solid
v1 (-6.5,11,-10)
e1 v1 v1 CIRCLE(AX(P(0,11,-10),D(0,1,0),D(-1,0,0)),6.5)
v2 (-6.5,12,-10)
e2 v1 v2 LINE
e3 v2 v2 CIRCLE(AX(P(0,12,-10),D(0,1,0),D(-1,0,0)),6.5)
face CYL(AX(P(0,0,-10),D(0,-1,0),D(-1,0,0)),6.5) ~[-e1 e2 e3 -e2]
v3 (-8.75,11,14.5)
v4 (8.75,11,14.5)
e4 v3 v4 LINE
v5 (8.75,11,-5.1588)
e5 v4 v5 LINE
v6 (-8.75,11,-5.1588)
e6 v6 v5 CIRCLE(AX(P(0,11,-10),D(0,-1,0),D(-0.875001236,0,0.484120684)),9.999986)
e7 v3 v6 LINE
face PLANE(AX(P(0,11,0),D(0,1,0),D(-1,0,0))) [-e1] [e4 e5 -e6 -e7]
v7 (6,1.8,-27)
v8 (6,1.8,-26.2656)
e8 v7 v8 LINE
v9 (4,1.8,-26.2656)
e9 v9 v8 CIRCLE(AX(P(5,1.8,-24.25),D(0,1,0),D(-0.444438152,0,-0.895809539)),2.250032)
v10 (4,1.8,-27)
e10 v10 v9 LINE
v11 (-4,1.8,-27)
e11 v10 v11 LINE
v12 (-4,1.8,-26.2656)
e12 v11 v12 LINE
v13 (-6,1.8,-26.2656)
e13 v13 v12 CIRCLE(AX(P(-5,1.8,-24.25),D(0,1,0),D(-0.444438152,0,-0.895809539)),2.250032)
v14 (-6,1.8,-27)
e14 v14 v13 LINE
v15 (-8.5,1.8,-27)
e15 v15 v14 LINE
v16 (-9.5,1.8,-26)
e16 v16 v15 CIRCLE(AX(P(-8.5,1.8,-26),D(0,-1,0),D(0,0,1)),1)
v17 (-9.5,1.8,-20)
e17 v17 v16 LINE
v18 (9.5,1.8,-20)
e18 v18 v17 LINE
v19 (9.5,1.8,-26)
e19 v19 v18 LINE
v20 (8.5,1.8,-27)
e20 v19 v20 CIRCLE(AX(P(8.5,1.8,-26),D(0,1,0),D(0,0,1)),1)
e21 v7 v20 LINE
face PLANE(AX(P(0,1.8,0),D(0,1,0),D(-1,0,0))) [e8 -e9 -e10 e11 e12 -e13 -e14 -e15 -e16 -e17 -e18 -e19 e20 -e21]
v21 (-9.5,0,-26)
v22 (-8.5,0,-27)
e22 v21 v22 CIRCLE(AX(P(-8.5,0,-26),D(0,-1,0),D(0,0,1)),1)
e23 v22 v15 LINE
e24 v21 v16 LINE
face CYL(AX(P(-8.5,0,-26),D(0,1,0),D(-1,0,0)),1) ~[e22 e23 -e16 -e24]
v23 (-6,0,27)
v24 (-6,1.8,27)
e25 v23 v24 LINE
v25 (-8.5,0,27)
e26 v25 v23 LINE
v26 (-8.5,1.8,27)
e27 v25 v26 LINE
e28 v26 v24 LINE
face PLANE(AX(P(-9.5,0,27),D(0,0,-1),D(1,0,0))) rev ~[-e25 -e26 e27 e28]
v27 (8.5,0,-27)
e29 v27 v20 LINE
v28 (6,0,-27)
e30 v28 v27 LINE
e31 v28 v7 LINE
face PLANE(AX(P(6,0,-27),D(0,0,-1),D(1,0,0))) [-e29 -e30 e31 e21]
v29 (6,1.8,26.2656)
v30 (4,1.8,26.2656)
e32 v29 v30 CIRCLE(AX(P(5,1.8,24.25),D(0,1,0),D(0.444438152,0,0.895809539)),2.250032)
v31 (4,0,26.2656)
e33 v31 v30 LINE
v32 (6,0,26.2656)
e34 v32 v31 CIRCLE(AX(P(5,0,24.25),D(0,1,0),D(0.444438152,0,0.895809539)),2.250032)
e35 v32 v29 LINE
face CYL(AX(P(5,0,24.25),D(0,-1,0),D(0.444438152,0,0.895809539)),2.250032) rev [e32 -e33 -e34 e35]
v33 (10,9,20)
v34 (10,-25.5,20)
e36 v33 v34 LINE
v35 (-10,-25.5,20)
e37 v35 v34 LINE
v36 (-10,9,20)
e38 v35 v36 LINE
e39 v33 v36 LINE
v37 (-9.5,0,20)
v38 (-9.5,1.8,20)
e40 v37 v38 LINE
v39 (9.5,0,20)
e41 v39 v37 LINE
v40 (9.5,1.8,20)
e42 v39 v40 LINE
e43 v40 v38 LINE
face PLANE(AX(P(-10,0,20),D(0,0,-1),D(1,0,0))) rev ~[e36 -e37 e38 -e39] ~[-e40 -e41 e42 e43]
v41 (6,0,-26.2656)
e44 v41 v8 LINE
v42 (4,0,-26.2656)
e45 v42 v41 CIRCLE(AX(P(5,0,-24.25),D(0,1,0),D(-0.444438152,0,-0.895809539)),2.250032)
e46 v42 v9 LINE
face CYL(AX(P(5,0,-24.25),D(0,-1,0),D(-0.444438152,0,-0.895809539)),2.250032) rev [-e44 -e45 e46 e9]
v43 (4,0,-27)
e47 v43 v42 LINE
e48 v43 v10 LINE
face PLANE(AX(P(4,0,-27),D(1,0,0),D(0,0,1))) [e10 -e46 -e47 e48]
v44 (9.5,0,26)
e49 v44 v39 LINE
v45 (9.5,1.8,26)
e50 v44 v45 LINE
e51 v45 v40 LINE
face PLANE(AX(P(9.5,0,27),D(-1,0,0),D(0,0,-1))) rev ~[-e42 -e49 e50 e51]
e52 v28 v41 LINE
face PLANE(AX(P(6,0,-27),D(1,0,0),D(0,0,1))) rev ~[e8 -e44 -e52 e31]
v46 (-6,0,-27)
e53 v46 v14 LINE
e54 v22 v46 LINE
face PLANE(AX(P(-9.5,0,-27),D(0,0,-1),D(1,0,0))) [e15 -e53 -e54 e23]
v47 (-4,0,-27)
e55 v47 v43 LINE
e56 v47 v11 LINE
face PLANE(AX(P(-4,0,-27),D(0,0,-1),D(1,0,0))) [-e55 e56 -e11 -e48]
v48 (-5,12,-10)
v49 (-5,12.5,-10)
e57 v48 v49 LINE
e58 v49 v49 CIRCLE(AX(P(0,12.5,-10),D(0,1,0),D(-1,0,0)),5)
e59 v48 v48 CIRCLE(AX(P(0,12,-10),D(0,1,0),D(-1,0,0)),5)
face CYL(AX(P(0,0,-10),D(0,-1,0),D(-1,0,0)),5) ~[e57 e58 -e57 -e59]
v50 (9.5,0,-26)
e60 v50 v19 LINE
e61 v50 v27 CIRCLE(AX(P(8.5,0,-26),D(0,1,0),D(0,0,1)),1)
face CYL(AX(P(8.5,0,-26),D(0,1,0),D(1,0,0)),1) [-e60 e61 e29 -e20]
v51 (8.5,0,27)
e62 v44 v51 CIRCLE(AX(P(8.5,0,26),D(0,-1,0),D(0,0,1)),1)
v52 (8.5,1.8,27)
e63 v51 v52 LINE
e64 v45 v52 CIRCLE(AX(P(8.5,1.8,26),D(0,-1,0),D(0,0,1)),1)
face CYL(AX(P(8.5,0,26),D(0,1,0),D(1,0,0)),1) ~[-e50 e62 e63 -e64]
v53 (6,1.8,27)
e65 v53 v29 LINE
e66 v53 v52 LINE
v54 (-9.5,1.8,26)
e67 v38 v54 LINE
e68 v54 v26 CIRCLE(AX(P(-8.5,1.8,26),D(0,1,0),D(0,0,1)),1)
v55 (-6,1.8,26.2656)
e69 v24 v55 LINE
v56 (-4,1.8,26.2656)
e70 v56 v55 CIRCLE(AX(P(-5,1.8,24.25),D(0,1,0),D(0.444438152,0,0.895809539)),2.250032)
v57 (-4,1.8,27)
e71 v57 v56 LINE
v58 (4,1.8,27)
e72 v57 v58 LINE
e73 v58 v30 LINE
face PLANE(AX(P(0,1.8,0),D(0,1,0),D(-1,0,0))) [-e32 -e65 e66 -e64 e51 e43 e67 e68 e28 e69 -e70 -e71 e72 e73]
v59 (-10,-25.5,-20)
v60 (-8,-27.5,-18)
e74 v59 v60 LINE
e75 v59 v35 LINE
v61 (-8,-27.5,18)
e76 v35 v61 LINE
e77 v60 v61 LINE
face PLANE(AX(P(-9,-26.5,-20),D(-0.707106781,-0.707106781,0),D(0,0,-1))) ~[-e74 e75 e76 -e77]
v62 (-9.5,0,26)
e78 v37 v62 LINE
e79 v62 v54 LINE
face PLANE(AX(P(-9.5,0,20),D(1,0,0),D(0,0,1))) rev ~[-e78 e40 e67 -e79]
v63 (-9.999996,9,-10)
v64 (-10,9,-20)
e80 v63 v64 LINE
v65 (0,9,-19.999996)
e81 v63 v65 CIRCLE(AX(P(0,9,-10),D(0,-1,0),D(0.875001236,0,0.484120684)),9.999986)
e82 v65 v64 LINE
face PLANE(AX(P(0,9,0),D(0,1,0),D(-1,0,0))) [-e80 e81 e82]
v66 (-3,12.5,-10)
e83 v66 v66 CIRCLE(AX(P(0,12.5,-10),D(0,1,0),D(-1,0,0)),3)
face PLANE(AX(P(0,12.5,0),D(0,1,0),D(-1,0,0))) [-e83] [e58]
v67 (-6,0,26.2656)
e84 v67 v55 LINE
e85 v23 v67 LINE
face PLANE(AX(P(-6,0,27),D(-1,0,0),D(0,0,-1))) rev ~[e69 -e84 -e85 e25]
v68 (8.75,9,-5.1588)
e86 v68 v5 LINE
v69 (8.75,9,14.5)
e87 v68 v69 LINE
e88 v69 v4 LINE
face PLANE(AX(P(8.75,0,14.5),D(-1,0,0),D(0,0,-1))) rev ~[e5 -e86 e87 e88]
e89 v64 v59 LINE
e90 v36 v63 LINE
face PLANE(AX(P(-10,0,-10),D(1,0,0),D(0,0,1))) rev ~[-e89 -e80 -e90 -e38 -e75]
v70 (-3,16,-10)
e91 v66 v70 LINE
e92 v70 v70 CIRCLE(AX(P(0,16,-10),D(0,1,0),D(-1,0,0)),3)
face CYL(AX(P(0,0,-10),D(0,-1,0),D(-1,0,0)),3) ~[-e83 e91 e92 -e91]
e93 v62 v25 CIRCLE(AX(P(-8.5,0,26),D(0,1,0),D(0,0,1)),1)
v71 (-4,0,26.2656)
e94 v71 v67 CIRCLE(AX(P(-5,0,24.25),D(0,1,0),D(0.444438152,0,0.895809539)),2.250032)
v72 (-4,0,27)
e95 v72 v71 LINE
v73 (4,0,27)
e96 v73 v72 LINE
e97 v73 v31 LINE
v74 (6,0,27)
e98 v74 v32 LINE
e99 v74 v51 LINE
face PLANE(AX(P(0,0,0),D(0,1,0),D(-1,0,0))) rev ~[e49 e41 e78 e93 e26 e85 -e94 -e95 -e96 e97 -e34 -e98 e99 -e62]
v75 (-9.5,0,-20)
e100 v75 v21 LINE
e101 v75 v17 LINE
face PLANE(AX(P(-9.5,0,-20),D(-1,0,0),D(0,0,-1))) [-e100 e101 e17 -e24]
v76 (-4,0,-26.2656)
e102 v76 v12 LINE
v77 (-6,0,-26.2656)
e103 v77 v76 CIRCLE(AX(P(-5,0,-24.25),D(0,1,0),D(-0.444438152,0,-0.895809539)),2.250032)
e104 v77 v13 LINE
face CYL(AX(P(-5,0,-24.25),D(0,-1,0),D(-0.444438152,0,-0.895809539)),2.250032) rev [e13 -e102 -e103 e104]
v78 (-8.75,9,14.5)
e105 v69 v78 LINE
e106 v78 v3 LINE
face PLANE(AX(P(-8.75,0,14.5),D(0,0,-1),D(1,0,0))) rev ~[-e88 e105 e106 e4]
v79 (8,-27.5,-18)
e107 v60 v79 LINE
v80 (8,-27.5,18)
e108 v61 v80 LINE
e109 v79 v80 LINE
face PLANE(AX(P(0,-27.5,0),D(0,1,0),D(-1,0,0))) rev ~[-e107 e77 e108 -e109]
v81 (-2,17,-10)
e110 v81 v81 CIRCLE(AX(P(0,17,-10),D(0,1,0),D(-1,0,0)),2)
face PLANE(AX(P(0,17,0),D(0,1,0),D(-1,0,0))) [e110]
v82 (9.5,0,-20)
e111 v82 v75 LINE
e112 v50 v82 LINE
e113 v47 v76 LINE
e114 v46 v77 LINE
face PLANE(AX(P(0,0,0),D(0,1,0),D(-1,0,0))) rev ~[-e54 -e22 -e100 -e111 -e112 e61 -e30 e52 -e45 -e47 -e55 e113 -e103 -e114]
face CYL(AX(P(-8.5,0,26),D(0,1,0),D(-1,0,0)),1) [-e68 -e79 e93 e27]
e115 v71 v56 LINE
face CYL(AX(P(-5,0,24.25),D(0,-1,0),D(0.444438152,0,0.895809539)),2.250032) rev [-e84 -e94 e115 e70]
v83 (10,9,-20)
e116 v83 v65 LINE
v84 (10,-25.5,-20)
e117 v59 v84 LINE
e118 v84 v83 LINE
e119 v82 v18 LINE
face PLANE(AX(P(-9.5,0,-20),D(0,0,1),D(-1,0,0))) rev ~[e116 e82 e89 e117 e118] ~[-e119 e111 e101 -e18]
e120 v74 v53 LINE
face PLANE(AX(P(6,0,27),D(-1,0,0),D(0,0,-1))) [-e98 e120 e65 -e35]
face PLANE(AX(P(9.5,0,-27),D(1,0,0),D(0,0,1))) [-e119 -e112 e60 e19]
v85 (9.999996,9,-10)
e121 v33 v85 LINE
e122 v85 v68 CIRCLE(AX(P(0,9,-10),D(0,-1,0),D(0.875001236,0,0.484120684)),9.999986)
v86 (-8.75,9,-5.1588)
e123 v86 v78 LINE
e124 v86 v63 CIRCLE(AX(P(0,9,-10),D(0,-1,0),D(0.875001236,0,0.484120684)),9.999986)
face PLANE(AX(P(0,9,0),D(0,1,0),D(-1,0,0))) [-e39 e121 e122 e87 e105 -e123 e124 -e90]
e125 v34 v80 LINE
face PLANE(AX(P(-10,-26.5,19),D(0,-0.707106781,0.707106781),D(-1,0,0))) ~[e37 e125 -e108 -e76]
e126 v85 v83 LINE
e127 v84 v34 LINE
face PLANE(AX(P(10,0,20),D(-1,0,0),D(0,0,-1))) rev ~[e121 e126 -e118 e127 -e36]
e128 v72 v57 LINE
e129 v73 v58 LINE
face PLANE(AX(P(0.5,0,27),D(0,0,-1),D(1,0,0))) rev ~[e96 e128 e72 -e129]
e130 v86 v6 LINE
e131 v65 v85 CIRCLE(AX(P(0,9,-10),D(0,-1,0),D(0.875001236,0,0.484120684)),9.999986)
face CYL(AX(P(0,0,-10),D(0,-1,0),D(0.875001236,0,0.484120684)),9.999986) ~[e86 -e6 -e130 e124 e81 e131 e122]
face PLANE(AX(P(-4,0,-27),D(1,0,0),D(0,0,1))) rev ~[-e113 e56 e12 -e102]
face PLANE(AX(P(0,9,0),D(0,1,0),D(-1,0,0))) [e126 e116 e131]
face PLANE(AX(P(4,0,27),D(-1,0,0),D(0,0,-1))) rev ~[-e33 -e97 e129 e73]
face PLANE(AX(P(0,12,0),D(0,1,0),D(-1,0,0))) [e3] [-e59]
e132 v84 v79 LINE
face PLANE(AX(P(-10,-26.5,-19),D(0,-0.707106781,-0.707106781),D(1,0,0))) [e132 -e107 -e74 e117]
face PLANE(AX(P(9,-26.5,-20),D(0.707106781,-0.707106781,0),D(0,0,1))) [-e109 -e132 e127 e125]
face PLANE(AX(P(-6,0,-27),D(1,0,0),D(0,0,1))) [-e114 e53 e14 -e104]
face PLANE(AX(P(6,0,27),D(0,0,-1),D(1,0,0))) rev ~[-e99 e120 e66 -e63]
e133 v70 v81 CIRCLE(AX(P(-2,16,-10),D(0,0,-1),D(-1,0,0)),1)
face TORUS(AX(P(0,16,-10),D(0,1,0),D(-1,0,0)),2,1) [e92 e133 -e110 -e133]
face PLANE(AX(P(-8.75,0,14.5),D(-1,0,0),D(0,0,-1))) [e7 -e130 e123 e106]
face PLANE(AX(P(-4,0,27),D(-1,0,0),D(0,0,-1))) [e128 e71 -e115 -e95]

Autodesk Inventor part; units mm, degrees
ref_plane "YZ Plane" through (0, 0, 0) normal (1, 0, 0) x (0, 1, 0)
ref_plane "XZ Plane" through (0, 0, 0) normal (0, 1, 0) x (-1, 0, 0)
ref_plane "XY Plane" through (0, 0, 0) normal (0, 0, 1) x (1, 0, 0)
sketch "Sketch1" plane through (0, 0, 0) normal (0, 1, 0) x (-1, 0, 0)
  line L0 (10, 20) -> (-10, 20)
  line L1 (-10, 20) -> (-10, -20)
  line L2 (-10, -20) -> (10, -20)
  line L3 (10, -20) -> (10, 20)
  line L4 (21, 0) -> (-27, 0) construction
  line L5 (0, 26) -> (0, -28) construction
  line L6 (9.5, 20) -> (9.5, 27)
  line L7 (-9.5, 27) -> (-9.5, 20)
  line L8 (0.5, 20) -> (0.5, 27)
  line L9 (-0.5, 27) -> (-0.5, 20)
  arc A0 (4, 26.2656) -> (6, 26.2656) centre (5, 24.25) ccw
  line L10 (6, 27) -> (6, 26.2656)
  line L11 (4, 27) -> (4, 26.2656)
  line L12 (9.5, 27) -> (6, 27)
  arc A1 (-6, 26.2656) -> (-4, 26.2656) centre (-5, 24.25) ccw
  line L13 (-6, 27) -> (-6, 26.2656)
  line L14 (-4, 27) -> (-4, 26.2656)
  line L15 (4, 27) -> (-4, 27)
  line L16 (-6, 27) -> (-9.5, 27)
  line L17 (9.5, -20) -> (9.5, -27)
  line L18 (-9.5, -27) -> (-9.5, -20)
  line L19 (0.5, -20) -> (0.5, -27)
  line L20 (-0.5, -27) -> (-0.5, -20)
  arc A2 (6, -26.2656) -> (4, -26.2656) centre (5, -24.25) ccw
  line L21 (6, -27) -> (6, -26.2656)
  line L22 (4, -27) -> (4, -26.2656)
  line L23 (9.5, -27) -> (6, -27)
  line L24 (-6, -27) -> (-6, -26.2656)
  arc A3 (-4, -26.2656) -> (-6, -26.2656) centre (-5, -24.25) ccw
  line L25 (-4, -27) -> (-4, -26.2656)
  line L26 (4, -27) -> (-4, -27)
  line L27 (-6, -27) -> (-9.5, -27)
  arc A4 (-8.75, -5.1588) -> (8.75, -5.1588) centre (0, -10) ccw
  line L28 (8.75, 14.5) -> (-8.75, 14.5)
  line L29 (8.75, 14.5) -> (8.75, -5.1588)
  line L30 (-8.75, 14.5) -> (-8.75, -5.1588)
  circle A5 centre (0, -10) radius 6.5
  circle A6 centre (0, -10) radius 5
  circle A7 centre (0, -10) radius 3
  line L31 (9.5, -20) -> (-9.5, -20)
  line L32 (0.5, -20) -> (0.5, -27)
  line L33 (-0.5, -27) -> (-0.5, -20)
  point P0 (0, 0)
  dimension "d0" = 20
  dimension "d1" = 40
  dimension "d5" = 20
  dimension "d6" = 10
  dimension "d10" = 19
  dimension "d11" = 0.5
  dimension "d12" = 0.5
  dimension "d13" = 1
  dimension "d14" = 4.5
  dimension "d15" = 4.25
  dimension "d16" = 4.5
  dimension "d17" = 2
  dimension "d18" = 1
  dimension "d19" = 7
  dimension "d20" = 10
  dimension "d21" = 5.5
  dimension "d22" = 1.25
  dimension "d23" = 13
  dimension "d24" = 10
  dimension "d25" = 6
extrude "Extrusion1" add sketch "Sketch1" along normal blind 1.8 contours L3 A4 L29 L28 L30 L1 L0 | L0 L8 L15 L11 A0 L10 L12 L6 | L3 L2 A4 | A4 L30 L28 L29 | L0 L9 L15 L8 | L2 L19 L26 L20 | L2 L1 A4 | L0 L7 L16 L13 A1 L14 L15 L9 | L17 L23 L21 A2 L22 L26 L19 L2 | L20 L26 L25 A3 L24 L27 L18 L2 | A5 | A6 | A7
extrude "Extrusion2" add sketch "Sketch1" along normal blind 9 contours L3 A4 L29 L28 L30 L1 L0 | L3 L2 A4 | A4 L30 L28 L29 | L2 L1 A4 | A5 | A6 | A7
extrude "Extrusion3" add sketch "Sketch1" along normal blind 11 contours A4 L30 L28 L29
extrude "Extrusion4" cut sketch "Sketch1" along normal blind 12 contours A5
extrude "Extrusion5" add sketch "Sketch1" along normal blind 12 contours A5
extrude "Extrusion6" add sketch "Sketch1" along normal blind 12.5 contours A6
extrude "Extrusion7" cut sketch "Sketch1" along normal blind 17 contours A7
extrude "Extrusion8" add sketch "Sketch1" along normal blind 17 contours A7
extrude "Extrusion9" add sketch "Sketch1" against normal blind 27.5 contours L3 A4 L29 L28 L30 L1 L0 | L3 L2 A4 | A4 L30 L28 L29 | L2 L1 A4 | A5 | A6 | A7
fillet "Fillet1" radius 1 4 edges at (9.5, 0.9, -27) (-9.5, 0.9, -27) (9.5, 0.9, 27) (-9.5, 0.9, 27)
fillet "Fillet2" radius 1 1 edges at (3, 17, -10)
chamfer "Chamfer1" distance 2 angle 45 4 edges at (10, -27.5, 0) (0, -27.5, 20) (-10, -27.5, 0) (0, -27.5, -20)
properties part number "MG996R"
